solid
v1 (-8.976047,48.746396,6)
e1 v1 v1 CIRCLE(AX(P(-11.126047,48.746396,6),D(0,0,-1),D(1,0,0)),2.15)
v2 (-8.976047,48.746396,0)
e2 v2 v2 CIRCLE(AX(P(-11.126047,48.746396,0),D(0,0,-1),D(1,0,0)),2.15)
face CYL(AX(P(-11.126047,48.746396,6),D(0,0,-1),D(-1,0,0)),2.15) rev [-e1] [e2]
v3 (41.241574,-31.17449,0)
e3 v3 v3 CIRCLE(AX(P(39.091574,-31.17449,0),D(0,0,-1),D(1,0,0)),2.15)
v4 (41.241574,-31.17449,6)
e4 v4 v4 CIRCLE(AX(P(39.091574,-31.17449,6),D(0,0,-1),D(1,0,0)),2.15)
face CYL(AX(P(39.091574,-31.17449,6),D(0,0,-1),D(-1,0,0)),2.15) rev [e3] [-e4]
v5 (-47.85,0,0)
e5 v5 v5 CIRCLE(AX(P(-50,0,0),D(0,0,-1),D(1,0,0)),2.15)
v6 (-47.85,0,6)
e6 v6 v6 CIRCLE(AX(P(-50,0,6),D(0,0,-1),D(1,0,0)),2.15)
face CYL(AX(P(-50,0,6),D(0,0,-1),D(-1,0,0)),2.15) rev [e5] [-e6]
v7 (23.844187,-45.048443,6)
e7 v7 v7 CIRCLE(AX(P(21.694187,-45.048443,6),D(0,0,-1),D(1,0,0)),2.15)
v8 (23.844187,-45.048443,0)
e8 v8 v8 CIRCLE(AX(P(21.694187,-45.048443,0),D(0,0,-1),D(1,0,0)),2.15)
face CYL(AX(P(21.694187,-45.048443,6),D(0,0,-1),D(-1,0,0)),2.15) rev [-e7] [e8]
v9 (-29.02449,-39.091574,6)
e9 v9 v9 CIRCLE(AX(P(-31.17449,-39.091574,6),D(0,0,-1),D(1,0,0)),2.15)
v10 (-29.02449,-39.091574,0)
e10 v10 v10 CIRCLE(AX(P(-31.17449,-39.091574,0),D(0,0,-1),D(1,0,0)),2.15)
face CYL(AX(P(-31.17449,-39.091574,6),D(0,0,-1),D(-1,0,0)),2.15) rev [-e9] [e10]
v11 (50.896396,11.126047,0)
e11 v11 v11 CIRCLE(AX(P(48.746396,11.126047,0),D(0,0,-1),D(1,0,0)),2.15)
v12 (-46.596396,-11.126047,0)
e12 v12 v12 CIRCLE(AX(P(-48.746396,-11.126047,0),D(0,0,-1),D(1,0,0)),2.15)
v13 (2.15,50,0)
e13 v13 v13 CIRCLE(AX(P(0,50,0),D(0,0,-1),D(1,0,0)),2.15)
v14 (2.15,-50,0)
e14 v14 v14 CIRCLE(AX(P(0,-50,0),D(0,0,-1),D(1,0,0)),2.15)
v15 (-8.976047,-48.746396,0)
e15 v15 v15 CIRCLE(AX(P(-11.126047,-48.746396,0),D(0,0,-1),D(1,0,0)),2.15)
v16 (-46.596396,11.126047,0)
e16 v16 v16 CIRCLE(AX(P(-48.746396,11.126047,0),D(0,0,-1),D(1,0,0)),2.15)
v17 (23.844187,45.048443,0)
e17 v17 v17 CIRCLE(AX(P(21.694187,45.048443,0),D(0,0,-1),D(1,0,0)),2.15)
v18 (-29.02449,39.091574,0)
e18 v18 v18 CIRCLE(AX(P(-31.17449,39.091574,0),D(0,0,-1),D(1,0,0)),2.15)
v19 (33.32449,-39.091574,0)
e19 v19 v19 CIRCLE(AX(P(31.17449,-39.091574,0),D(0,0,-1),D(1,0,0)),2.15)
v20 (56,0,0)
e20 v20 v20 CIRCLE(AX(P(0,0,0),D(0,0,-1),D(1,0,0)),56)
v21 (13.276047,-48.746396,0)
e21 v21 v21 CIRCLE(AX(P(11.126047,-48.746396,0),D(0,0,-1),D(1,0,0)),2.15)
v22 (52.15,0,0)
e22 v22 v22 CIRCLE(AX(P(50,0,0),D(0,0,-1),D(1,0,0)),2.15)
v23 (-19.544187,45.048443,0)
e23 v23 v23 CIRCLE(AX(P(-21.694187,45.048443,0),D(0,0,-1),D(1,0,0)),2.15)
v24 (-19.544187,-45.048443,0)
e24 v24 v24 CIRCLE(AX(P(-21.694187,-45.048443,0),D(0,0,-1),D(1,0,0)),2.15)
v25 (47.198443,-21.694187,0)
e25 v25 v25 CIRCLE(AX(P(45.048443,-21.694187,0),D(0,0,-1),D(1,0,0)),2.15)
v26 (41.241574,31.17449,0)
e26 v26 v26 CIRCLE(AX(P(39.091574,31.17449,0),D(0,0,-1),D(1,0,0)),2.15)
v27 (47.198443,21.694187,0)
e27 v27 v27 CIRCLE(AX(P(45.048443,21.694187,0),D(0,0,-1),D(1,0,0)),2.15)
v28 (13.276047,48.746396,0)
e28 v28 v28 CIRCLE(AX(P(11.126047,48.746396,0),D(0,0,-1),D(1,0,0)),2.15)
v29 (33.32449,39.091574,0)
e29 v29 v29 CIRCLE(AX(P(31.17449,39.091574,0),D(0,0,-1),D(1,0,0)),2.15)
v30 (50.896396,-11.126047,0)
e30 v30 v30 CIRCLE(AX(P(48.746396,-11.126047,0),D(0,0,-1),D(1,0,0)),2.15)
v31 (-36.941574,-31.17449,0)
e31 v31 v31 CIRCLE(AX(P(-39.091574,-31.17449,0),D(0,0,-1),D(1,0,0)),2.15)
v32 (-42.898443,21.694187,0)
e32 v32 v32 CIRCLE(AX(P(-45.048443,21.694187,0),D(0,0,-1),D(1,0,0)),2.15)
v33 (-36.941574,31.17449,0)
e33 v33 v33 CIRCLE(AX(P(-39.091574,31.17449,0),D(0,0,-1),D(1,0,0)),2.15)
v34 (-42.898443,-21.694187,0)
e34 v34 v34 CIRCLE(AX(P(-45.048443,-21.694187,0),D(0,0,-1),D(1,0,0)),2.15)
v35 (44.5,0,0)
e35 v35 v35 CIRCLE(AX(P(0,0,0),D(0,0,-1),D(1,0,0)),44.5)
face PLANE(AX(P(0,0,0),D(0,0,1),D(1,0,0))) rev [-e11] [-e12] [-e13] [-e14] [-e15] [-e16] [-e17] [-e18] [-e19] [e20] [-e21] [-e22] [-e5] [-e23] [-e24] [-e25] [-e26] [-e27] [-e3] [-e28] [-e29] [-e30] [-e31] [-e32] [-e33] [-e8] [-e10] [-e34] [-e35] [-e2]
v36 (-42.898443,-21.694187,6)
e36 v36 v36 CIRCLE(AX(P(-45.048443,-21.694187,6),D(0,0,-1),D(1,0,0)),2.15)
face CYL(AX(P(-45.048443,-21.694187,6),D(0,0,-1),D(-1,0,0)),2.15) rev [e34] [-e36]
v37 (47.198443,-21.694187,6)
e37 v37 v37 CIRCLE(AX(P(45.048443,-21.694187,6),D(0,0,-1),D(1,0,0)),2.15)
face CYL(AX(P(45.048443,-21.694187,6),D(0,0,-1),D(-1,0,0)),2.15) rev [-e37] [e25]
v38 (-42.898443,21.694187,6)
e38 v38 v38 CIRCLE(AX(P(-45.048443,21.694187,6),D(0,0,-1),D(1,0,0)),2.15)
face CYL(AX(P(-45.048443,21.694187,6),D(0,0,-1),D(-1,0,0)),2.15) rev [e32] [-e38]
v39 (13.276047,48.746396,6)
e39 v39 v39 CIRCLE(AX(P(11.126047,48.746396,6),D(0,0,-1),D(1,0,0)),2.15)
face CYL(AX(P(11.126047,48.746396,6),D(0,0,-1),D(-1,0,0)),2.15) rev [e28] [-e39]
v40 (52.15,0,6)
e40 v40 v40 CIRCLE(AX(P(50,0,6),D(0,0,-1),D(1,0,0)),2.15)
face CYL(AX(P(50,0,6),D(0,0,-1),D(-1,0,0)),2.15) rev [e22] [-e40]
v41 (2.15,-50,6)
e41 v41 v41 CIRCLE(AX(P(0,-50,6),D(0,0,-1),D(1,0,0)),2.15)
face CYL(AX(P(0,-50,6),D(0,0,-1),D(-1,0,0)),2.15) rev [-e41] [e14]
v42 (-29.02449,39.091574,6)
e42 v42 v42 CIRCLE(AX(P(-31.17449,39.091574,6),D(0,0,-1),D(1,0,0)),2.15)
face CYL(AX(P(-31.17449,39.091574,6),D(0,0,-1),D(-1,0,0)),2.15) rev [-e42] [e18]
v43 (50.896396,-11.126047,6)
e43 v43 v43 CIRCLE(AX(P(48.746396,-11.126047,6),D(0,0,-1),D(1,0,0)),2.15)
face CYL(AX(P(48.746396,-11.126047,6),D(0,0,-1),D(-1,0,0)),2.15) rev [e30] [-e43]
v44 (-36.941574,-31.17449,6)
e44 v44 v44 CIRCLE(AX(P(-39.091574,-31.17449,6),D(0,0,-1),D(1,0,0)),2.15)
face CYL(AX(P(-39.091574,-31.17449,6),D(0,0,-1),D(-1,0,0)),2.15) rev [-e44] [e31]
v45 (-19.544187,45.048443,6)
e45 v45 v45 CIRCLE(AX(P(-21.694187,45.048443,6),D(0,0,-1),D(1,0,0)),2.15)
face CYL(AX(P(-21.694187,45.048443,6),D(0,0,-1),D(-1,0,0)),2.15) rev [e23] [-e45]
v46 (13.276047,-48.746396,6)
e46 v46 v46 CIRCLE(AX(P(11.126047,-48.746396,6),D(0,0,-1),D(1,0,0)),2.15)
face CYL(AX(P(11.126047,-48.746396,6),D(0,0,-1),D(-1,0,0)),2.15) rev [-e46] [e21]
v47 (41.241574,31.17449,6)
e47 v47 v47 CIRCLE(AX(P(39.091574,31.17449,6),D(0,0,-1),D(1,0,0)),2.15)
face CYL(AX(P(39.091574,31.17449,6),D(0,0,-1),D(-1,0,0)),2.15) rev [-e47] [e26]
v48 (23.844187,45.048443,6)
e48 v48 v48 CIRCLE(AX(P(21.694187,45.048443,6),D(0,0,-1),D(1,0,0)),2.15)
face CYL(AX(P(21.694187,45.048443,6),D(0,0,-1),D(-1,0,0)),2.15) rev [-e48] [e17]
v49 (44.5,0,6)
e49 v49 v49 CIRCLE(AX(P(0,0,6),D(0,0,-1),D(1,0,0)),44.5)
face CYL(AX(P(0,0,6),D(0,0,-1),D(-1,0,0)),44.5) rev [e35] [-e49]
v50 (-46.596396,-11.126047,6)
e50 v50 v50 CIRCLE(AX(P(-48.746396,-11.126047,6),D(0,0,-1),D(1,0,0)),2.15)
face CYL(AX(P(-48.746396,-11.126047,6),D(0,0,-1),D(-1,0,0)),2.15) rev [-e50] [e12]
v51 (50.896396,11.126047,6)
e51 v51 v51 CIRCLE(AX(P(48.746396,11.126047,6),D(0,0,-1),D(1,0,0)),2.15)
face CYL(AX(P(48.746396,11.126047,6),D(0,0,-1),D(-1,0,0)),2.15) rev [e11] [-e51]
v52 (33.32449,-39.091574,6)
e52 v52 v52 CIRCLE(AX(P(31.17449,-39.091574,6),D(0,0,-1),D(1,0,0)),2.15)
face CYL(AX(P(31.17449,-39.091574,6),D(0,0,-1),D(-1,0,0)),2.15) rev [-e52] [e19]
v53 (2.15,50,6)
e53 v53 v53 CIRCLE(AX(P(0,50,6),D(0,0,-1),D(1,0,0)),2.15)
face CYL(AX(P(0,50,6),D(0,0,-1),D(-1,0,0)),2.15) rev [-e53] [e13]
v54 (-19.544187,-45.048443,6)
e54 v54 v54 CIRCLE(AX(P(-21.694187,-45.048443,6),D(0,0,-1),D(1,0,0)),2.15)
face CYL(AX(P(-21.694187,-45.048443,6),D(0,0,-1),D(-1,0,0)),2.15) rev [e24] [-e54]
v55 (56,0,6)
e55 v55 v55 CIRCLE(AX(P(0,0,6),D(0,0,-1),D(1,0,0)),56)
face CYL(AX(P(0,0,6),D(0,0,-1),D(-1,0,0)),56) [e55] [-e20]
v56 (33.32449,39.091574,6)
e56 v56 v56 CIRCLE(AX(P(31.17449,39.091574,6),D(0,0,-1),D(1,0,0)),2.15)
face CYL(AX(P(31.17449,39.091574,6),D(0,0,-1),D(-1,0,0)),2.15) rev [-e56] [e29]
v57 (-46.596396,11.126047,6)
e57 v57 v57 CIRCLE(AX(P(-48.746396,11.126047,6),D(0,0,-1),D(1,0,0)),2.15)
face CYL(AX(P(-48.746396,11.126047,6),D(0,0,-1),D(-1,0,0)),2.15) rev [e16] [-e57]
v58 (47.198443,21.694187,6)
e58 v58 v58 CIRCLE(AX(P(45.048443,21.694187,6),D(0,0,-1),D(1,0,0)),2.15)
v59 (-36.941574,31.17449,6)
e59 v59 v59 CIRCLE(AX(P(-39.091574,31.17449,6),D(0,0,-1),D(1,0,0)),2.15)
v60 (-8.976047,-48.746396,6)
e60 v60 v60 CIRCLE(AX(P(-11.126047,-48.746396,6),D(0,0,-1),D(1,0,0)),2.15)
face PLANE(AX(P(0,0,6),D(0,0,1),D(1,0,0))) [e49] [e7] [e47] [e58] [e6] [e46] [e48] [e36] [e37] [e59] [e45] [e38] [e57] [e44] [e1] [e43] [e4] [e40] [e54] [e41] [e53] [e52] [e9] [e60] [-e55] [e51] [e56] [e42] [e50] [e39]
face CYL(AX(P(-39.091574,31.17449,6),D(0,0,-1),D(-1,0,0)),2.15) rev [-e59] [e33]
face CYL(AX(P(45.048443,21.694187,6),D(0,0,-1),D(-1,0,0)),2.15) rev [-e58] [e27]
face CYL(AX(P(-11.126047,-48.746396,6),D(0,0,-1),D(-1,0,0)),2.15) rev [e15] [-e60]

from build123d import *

# Parameters (mm, degrees)
SKETCH_1_R      = 56
SKETCH_1_R_2    = 2.15
SKETCH_1_R_3    = 44.5
EXTRUDE_1_DEPTH = 6


with BuildPart() as part:
    # 草图1 → 凸台-拉伸1 (new body)
    with BuildSketch(Plane(origin=(0, 0, 0), x_dir=(-1, 0, 0), z_dir=(0, 0, -1))):
        with Locations(Location((0, 0, 0), (0, 0, 180))):
            Circle(SKETCH_1_R)
        with Locations(Location((11.126046698, 48.746395609, 0), (0, 0, 180))):
            Circle(SKETCH_1_R_2, mode=Mode.SUBTRACT)
        with Locations(Location((21.694186956, 45.048443395, 0), (0, 0, 180))):
            Circle(SKETCH_1_R_2, mode=Mode.SUBTRACT)
        with Locations(Location((31.174490093, 39.091574123, 0), (0, 0, 180))):
            Circle(SKETCH_1_R_2, mode=Mode.SUBTRACT)
        with Locations(Location((39.091574123, 31.174490093, 0), (0, 0, 180))):
            Circle(SKETCH_1_R_2, mode=Mode.SUBTRACT)
        with Locations(Location((45.048443395, 21.694186956, 0), (0, 0, 180))):
            Circle(SKETCH_1_R_2, mode=Mode.SUBTRACT)
        with Locations(Location((48.746395609, 11.126046698, 0), (0, 0, 180))):
            Circle(SKETCH_1_R_2, mode=Mode.SUBTRACT)
        with Locations(Location((50, 0, 0), (0, 0, 180))):
            Circle(SKETCH_1_R_2, mode=Mode.SUBTRACT)
        with Locations(Location((48.746395609, -11.126046698, 0), (0, 0, 180))):
            Circle(SKETCH_1_R_2, mode=Mode.SUBTRACT)
        with Locations(Location((45.048443395, -21.694186956, 0), (0, 0, 180))):
            Circle(SKETCH_1_R_2, mode=Mode.SUBTRACT)
        with Locations(Location((39.091574123, -31.174490093, 0), (0, 0, 180))):
            Circle(SKETCH_1_R_2, mode=Mode.SUBTRACT)
        with Locations(Location((31.174490093, -39.091574123, 0), (0, 0, 180))):
            Circle(SKETCH_1_R_2, mode=Mode.SUBTRACT)
        with Locations(Location((21.694186956, -45.048443395, 0), (0, 0, 180))):
            Circle(SKETCH_1_R_2, mode=Mode.SUBTRACT)
        with Locations(Location((11.126046698, -48.746395609, 0), (0, 0, 180))):
            Circle(SKETCH_1_R_2, mode=Mode.SUBTRACT)
        with Locations(Location((0, -50, 0), (0, 0, 180))):
            Circle(SKETCH_1_R_2, mode=Mode.SUBTRACT)
        with Locations(Location((-11.126046698, -48.746395609, 0), (0, 0, 180))):
            Circle(SKETCH_1_R_2, mode=Mode.SUBTRACT)
        with Locations(Location((-21.694186956, -45.048443395, 0), (0, 0, 180))):
            Circle(SKETCH_1_R_2, mode=Mode.SUBTRACT)
        with Locations(Location((-31.174490093, -39.091574123, 0), (0, 0, 180))):
            Circle(SKETCH_1_R_2, mode=Mode.SUBTRACT)
        with Locations(Location((-39.091574123, -31.174490093, 0), (0, 0, 180))):
            Circle(SKETCH_1_R_2, mode=Mode.SUBTRACT)
        with Locations(Location((-45.048443395, -21.694186956, 0), (0, 0, 180))):
            Circle(SKETCH_1_R_2, mode=Mode.SUBTRACT)
        with Locations(Location((-48.746395609, -11.126046698, 0), (0, 0, 180))):
            Circle(SKETCH_1_R_2, mode=Mode.SUBTRACT)
        with Locations(Location((-50, 0, 0), (0, 0, 180))):
            Circle(SKETCH_1_R_2, mode=Mode.SUBTRACT)
        with Locations(Location((-48.746395609, 11.126046698, 0), (0, 0, 180))):
            Circle(SKETCH_1_R_2, mode=Mode.SUBTRACT)
        with Locations(Location((-45.048443395, 21.694186956, 0), (0, 0, 180))):
            Circle(SKETCH_1_R_2, mode=Mode.SUBTRACT)
        with Locations(Location((-39.091574123, 31.174490093, 0), (0, 0, 180))):
            Circle(SKETCH_1_R_2, mode=Mode.SUBTRACT)
        with Locations(Location((-31.174490093, 39.091574123, 0), (0, 0, 180))):
            Circle(SKETCH_1_R_2, mode=Mode.SUBTRACT)
        with Locations(Location((-21.694186956, 45.048443395, 0), (0, 0, 180))):
            Circle(SKETCH_1_R_2, mode=Mode.SUBTRACT)
        with Locations(Location((-11.126046698, 48.746395609, 0), (0, 0, 180))):
            Circle(SKETCH_1_R_2, mode=Mode.SUBTRACT)
        with Locations(Location((0, 50, 0), (0, 0, 180))):
            Circle(SKETCH_1_R_2, mode=Mode.SUBTRACT)
        with Locations(Location((0, 0, 0), (0, 0, 180))):
            Circle(SKETCH_1_R_3, mode=Mode.SUBTRACT)
    extrude(amount=-EXTRUDE_1_DEPTH)


solid = part.part
